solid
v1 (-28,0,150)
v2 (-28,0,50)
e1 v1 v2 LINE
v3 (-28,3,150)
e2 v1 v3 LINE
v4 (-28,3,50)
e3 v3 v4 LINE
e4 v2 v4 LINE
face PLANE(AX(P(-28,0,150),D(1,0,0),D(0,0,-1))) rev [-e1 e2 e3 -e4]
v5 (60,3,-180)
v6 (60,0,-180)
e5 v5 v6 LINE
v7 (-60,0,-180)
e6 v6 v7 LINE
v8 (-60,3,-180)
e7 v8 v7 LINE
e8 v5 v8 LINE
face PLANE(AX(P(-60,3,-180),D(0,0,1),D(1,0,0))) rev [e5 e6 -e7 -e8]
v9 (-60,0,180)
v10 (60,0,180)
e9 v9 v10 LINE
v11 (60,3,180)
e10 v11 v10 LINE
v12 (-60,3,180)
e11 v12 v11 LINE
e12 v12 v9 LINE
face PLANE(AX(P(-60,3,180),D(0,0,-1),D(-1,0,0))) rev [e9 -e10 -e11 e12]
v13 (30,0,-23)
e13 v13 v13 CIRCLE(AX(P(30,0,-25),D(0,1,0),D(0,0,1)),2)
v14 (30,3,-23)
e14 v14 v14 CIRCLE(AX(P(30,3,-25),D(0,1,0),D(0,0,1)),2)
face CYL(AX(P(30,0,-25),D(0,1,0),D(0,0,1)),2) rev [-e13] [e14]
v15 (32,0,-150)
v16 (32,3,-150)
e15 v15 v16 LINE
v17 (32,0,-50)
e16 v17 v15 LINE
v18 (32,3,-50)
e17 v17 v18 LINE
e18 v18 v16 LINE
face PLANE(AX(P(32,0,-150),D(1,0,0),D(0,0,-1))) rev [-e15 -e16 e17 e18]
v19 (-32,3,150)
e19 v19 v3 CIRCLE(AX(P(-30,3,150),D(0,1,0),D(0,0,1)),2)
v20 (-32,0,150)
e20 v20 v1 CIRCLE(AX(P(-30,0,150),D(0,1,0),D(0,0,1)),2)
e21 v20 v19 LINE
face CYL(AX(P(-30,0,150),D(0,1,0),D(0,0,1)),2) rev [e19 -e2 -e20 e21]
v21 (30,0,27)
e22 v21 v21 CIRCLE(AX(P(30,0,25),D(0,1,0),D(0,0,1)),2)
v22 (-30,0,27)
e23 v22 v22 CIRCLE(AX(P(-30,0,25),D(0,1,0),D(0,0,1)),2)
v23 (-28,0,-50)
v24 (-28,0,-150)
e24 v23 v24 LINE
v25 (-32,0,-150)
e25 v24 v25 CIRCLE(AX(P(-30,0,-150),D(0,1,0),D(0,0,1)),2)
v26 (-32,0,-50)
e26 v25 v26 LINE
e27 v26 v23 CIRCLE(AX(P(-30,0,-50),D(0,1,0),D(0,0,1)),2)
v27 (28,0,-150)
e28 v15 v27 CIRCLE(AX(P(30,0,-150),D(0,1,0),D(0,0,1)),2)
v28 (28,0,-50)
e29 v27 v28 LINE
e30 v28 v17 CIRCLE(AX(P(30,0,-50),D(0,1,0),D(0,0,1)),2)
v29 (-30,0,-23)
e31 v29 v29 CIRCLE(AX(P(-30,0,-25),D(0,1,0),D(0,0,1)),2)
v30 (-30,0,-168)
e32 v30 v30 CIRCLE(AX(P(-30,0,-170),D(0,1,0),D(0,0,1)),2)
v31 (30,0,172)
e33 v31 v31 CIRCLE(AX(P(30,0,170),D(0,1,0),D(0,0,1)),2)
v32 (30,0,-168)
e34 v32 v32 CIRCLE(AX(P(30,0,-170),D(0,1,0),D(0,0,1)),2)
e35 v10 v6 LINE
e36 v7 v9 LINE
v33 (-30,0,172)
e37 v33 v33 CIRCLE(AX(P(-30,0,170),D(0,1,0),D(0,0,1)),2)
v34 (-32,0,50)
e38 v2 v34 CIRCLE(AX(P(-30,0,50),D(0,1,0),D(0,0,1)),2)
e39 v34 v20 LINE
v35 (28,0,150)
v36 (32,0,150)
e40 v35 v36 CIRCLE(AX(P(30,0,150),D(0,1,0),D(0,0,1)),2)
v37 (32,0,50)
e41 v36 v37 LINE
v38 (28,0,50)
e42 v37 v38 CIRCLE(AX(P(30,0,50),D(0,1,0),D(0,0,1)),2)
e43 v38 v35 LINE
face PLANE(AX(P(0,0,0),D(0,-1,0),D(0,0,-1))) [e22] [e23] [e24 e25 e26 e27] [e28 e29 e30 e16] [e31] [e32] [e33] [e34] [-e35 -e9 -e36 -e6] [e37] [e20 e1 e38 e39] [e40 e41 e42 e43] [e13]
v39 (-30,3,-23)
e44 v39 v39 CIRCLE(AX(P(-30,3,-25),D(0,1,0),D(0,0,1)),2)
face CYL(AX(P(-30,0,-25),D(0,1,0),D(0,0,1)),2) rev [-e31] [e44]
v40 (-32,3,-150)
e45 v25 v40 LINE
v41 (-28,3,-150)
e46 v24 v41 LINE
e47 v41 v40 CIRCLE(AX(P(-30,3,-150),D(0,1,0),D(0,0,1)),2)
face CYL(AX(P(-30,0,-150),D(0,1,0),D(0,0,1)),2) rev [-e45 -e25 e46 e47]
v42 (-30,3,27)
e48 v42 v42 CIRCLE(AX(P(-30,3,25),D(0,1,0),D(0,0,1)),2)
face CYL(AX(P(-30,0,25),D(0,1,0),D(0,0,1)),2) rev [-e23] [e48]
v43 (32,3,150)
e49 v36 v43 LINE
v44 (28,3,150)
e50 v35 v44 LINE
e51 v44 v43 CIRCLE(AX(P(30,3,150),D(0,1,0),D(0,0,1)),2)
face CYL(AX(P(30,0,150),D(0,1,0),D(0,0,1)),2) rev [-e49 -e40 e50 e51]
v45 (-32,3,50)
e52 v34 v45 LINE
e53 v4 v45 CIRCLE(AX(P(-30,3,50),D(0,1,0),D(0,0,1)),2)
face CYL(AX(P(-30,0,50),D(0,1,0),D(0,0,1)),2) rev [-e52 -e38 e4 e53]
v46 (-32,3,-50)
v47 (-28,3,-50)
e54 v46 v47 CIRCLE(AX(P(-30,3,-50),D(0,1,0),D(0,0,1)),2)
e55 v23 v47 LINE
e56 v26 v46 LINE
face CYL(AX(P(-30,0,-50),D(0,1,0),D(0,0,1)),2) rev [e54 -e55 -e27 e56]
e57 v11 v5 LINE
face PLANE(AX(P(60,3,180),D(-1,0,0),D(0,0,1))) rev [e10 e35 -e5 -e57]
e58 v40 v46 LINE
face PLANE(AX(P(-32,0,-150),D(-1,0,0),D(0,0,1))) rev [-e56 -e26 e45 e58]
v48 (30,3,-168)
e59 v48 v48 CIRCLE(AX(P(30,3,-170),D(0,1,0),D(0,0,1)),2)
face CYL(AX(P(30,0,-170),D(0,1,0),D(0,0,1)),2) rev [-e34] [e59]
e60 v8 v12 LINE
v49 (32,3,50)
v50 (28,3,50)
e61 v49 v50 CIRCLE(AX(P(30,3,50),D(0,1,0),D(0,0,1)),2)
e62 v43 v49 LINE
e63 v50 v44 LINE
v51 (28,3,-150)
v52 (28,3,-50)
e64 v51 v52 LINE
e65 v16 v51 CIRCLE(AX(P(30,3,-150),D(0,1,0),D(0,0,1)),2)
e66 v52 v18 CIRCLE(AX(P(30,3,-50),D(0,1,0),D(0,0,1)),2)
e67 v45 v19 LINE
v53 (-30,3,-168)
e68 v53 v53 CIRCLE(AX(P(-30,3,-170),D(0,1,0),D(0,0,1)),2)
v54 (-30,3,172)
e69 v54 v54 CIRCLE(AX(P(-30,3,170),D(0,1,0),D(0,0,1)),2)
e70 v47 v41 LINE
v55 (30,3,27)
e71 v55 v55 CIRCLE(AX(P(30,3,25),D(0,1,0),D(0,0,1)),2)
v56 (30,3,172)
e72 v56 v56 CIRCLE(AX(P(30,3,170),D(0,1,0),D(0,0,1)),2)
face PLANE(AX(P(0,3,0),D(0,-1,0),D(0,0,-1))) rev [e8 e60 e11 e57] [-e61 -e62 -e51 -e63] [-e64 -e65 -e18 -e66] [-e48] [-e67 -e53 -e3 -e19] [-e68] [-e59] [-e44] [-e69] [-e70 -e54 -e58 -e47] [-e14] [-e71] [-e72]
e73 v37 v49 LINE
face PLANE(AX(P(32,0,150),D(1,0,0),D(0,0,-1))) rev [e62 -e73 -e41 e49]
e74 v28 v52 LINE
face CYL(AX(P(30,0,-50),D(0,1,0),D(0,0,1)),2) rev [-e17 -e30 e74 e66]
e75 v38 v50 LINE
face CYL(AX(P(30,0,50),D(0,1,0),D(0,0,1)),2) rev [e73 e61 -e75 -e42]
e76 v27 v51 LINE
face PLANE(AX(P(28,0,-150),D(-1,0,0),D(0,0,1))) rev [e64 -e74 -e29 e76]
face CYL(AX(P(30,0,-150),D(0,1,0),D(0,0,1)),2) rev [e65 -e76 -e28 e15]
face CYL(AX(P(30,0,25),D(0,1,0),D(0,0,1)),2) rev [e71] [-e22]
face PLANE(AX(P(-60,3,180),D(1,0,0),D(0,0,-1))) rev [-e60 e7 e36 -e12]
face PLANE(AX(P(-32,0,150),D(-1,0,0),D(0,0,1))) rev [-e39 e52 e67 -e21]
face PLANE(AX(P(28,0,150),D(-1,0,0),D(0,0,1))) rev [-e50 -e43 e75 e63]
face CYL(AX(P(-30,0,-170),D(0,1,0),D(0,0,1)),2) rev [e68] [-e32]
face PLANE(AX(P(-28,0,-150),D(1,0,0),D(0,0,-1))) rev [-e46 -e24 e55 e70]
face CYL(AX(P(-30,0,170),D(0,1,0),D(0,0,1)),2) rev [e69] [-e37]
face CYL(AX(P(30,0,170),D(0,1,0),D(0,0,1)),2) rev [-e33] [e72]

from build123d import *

# Parameters (mm, degrees)
SKETCH1_W           = 120
SKETCH1_H           = 360
BOSS_EXTRUDE1_DEPTH = 3
SKETCH2_R           = 2
CUT_EXTRUDE2_DEPTH  = 190.76037521
CUT_EXTRUDE3_DEPTH  = 190.76037521


with BuildPart() as part:
    # Sketch1 → Boss-Extrude1 (new body)
    with BuildSketch(Plane(origin=(0, 0, 0), x_dir=(1, 0, 0), z_dir=(0, 1, 0))):
        Rectangle(SKETCH1_W, SKETCH1_H)
    extrude(amount=BOSS_EXTRUDE1_DEPTH)

    # Sketch2 → Cut-Extrude2 (cut, through all)
    with BuildSketch(Plane(origin=(0, 3, 0), x_dir=(1, 0, 0), z_dir=(0, 1, 0))):
        with Locations(Location((-30, 170, 0), (0, 0, 270))):
            Circle(SKETCH2_R)
        with Locations(Location((30, 170, 0), (0, 0, 270))):
            Circle(SKETCH2_R)
        with Locations(Location((-30, -170, 0), (0, 0, 270))):
            Circle(SKETCH2_R)
        with Locations(Location((30, -170, 0), (0, 0, 270))):
            Circle(SKETCH2_R)
        with Locations(Location((-30, 25, 0), (0, 0, 270))):
            Circle(SKETCH2_R)
        with Locations(Location((30, 25, 0), (0, 0, 270))):
            Circle(SKETCH2_R)
        with Locations(Location((-30, -25, 0), (0, 0, 270))):
            Circle(SKETCH2_R)
        with Locations(Location((30, -25, 0), (0, 0, 270))):
            Circle(SKETCH2_R)
    extrude(amount=-CUT_EXTRUDE2_DEPTH, mode=Mode.SUBTRACT)

    # Sketch3 → Cut-Extrude3 (cut, through all)
    with BuildSketch(Plane(origin=(0, 3, 0), x_dir=(1, 0, 0), z_dir=(0, 1, 0))):
        with BuildLine():
            Line((32, 150), (32, 50))
            ThreePointArc((32, 50), (30, 48), (28, 50))
            Line((28, 50), (28, 150))
            ThreePointArc((28, 150), (30, 152), (32, 150))
        make_face()
        with BuildLine():
            Line((-28, 150), (-28, 50))
            ThreePointArc((-28, 50), (-30, 48), (-32, 50))
            Line((-32, 50), (-32, 150))
            ThreePointArc((-32, 150), (-30, 152), (-28, 150))
        make_face()
        with BuildLine():
            Line((28, -150), (28, -50))
            ThreePointArc((28, -50), (30, -48), (32, -50))
            Line((32, -50), (32, -150))
            ThreePointArc((32, -150), (30, -152), (28, -150))
        make_face()
        with BuildLine():
            Line((-32, -150), (-32, -50))
            ThreePointArc((-32, -50), (-30, -48), (-28, -50))
            Line((-28, -50), (-28, -150))
            ThreePointArc((-28, -150), (-30, -152), (-32, -150))
        make_face()
    extrude(amount=-CUT_EXTRUDE3_DEPTH, mode=Mode.SUBTRACT)


solid = part.part
